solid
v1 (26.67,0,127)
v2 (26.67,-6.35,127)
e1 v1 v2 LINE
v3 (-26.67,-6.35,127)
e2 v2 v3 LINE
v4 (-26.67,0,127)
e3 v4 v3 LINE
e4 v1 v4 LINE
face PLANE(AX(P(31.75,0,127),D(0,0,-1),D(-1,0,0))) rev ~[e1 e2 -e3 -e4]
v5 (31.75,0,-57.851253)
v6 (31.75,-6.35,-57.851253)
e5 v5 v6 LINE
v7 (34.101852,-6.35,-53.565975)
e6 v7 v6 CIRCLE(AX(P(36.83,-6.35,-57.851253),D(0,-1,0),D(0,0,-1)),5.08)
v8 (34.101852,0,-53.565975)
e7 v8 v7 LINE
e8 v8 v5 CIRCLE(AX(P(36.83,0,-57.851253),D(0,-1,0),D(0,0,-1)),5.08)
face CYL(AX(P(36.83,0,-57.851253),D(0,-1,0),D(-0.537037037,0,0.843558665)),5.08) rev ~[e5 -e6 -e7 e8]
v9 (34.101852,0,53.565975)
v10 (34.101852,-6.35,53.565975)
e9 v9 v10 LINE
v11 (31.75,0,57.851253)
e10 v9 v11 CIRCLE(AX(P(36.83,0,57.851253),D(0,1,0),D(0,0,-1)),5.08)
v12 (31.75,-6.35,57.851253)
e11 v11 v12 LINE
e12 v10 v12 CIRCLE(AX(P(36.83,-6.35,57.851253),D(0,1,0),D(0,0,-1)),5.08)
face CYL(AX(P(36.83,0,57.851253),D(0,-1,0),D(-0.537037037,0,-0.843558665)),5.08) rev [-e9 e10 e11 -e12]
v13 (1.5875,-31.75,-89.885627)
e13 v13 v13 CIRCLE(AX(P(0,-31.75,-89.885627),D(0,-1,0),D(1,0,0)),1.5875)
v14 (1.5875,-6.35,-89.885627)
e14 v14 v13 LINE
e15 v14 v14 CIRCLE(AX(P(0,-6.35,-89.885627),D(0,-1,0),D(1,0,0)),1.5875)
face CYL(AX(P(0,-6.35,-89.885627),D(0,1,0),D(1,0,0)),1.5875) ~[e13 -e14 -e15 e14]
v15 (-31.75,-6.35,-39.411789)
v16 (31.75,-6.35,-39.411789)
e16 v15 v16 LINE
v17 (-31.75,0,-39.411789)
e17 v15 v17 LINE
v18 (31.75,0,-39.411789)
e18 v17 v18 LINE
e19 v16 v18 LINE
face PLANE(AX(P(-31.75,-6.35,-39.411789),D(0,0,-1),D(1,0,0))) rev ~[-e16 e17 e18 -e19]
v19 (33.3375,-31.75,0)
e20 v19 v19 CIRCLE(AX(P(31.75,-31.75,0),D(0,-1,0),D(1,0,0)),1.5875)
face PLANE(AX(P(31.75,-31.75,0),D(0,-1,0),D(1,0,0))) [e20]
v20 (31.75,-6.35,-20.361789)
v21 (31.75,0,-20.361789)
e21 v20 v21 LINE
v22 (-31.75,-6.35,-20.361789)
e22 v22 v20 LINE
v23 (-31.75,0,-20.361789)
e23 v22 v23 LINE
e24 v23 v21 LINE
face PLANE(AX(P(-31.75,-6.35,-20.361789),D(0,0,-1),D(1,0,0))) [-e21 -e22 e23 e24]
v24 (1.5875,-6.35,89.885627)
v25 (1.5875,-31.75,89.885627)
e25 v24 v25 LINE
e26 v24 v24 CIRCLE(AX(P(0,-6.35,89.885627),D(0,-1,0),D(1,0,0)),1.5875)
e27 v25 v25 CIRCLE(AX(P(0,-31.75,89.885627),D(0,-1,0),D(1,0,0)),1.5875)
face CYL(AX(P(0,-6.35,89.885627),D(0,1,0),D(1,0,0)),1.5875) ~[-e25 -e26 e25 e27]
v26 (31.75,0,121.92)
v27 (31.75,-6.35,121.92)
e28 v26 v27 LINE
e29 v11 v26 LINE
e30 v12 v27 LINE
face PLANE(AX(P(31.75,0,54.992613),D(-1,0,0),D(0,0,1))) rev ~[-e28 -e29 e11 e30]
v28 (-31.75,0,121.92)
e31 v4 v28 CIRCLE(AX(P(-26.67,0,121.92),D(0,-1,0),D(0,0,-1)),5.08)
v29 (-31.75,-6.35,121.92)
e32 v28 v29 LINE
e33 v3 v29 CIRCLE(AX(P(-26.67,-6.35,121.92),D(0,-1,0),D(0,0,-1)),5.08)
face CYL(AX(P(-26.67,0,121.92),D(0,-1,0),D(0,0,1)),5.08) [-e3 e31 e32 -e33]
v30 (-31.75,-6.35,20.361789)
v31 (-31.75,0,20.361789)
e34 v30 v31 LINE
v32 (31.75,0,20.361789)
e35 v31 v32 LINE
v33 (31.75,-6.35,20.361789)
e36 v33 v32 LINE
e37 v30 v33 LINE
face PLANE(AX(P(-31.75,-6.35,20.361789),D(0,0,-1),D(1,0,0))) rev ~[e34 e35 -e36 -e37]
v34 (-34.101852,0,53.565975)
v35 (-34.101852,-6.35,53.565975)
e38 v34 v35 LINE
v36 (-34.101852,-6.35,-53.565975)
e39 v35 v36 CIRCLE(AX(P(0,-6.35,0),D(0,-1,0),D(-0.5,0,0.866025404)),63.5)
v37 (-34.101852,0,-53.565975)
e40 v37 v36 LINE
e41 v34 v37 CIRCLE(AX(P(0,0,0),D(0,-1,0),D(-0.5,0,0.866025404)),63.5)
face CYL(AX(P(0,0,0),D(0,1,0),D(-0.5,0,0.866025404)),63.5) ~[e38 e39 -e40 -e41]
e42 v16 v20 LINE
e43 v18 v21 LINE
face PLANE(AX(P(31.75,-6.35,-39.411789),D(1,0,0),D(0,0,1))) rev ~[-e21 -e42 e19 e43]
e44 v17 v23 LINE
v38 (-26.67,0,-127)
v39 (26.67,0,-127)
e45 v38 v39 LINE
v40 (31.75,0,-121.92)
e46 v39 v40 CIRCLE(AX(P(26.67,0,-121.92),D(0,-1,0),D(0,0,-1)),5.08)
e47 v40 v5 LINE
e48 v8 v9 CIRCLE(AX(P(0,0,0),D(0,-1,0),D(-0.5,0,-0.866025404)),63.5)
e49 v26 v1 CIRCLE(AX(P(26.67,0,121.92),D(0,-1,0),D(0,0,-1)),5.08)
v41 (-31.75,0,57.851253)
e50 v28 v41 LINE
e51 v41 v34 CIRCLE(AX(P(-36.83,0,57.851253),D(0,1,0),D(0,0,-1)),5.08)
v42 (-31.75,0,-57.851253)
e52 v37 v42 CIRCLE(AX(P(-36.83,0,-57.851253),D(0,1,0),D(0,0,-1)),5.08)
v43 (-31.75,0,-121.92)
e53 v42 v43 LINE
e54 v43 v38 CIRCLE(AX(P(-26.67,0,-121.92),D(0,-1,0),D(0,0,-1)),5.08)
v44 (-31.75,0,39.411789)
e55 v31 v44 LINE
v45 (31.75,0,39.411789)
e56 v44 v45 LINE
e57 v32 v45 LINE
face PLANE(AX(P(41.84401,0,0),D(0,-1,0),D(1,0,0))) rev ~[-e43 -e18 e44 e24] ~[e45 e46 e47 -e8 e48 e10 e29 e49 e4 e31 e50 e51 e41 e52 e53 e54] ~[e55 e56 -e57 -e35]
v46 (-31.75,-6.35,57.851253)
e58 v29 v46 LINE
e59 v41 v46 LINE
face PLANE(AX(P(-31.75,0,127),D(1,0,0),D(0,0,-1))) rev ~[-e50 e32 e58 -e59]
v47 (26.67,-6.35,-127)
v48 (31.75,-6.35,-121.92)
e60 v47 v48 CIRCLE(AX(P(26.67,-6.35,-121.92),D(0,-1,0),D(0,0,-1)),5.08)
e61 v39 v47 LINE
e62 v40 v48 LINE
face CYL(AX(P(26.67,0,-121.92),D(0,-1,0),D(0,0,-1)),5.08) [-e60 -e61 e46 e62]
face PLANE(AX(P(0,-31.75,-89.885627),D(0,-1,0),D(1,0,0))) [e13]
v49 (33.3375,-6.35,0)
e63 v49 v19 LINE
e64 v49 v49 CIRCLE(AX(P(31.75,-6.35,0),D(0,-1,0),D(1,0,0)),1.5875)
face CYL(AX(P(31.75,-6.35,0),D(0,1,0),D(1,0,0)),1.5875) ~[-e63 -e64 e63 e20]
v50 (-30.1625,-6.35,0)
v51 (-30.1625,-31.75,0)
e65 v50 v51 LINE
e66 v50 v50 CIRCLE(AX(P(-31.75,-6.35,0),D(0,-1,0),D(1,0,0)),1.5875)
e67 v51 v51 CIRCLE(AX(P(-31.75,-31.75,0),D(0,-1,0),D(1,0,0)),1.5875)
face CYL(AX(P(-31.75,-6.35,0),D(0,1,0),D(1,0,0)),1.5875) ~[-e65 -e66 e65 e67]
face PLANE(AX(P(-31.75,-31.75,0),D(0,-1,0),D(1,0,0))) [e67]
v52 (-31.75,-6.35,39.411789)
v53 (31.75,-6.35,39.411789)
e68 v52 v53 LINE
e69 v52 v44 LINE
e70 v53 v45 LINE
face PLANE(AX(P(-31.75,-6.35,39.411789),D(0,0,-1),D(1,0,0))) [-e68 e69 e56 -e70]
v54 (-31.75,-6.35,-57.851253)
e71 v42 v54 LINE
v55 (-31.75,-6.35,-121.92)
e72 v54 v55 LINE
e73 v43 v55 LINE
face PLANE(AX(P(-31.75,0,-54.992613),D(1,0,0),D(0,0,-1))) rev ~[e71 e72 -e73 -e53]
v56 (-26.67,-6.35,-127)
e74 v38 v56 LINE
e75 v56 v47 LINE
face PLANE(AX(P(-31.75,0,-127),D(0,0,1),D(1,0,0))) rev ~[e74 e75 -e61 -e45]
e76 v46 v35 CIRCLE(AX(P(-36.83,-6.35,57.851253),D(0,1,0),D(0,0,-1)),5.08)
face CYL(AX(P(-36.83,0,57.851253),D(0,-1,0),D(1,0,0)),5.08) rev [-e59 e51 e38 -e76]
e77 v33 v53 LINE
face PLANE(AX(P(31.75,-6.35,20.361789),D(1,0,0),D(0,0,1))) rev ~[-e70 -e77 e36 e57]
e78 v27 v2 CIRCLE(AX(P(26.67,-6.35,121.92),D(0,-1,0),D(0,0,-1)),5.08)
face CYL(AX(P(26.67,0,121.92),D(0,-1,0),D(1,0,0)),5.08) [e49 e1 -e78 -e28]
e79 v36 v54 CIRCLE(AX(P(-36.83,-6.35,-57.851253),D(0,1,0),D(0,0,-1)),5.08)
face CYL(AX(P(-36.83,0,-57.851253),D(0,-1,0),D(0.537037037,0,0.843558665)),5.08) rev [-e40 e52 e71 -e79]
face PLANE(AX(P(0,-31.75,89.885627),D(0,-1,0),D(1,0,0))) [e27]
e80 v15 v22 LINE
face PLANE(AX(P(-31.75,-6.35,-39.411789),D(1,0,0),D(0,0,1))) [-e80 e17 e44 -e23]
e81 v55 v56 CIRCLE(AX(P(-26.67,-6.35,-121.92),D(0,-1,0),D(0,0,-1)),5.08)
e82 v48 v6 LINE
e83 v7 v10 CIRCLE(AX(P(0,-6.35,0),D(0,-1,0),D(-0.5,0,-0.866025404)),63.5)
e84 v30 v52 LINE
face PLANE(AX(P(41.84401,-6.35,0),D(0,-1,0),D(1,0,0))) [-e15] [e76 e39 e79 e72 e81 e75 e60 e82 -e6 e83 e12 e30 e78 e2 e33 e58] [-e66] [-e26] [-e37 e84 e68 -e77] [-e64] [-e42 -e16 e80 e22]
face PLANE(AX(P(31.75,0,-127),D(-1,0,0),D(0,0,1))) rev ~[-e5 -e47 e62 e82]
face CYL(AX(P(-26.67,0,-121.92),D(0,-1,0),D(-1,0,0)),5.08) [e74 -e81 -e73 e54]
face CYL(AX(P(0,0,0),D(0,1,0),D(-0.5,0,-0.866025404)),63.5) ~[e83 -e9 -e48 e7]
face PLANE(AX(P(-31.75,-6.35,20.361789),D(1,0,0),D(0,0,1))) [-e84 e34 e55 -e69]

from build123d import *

# Parameters (mm, degrees)
F1_DEPTH = 6.35
F2_R     = 5.08
F3_W     = 63.5
F3_H     = 19.05
F4_DEPTH = 25.4
F5_R     = 1.5875
F6_DEPTH = 25.4


with BuildPart() as f1:
    # F0 (on Front) → F1 (new body)
    with BuildSketch(Plane.XZ):
        with BuildLine():
            ThreePointArc((31.75, -54.9926131403), (54.9926131403, -31.75), (63.5, 0))
            ThreePointArc((63.5, 0), (54.9926131403, 31.75), (31.75, 54.9926131403))
            Line((31.75, 54.9926131403), (31.75, -54.9926131403))
        make_face()
        with BuildLine():
            Line((31.75, -54.9926131403), (31.75, 54.9926131403))
            ThreePointArc((31.75, 54.9926131403), (0, 63.5), (-31.75, 54.9926131403))
            Line((-31.75, 54.9926131403), (-31.75, -54.9926131403))
            ThreePointArc((-31.75, -54.9926131403), (0, -63.5), (31.75, -54.9926131403))
        make_face()
        with BuildLine():
            ThreePointArc((-31.75, 54.9926131403), (0, 63.5), (31.75, 54.9926131403))
            Line((31.75, 54.9926131403), (31.75, 127))
            Line((31.75, 127), (-31.75, 127))
            Line((-31.75, 127), (-31.75, 54.9926131403))
        make_face()
        with BuildLine():
            Line((31.75, -127), (31.75, -54.9926131403))
            ThreePointArc((31.75, -54.9926131403), (0, -63.5), (-31.75, -54.9926131403))
            Line((-31.75, -54.9926131403), (-31.75, -127))
            Line((-31.75, -127), (31.75, -127))
        make_face()
        with BuildLine():
            Line((-31.75, -54.9926131403), (-31.75, 54.9926131403))
            ThreePointArc((-31.75, 54.9926131403), (-63.5, 0), (-31.75, -54.9926131403))
        make_face()
    extrude(amount=F1_DEPTH)

    # F2
    f2_edges = [f1.edges().sort_by_distance(p)[0] for p in [
        (31.75, -3.175, 54.992613),
        (-31.75, -3.175, 54.992613),
        (-31.75, -3.175, -54.992613),
        (31.75, -3.175, -54.992613),
        (31.75, -3.175, 127),
        (-31.75, -3.175, 127),
        (31.75, -3.175, -127),
        (-31.75, -3.175, -127),
    ]]
    fillet(f2_edges, radius=F2_R)

    # F3 (on face) → F4 (cut)
    with BuildSketch(Plane.XZ.offset(6.35)):
        with Locations((0, 29.8867885709)):
            Rectangle(F3_W, F3_H)
        with Locations((0, -29.8867885709)):
            Rectangle(F3_W, F3_H)
    extrude(amount=-F4_DEPTH, mode=Mode.SUBTRACT)

    # F5 (on face) → F6 (join)
    with BuildSketch(Plane.XZ.offset(6.35)):
        with Locations((-31.75, 0)):
            Circle(F5_R)
        with Locations((31.75, 0)):
            Circle(F5_R)
        with Locations((0, -89.8856266138)):
            Circle(F5_R)
        with Locations((0, 89.8856266138)):
            Circle(F5_R)
    extrude(amount=F6_DEPTH)


solid = f1.part
